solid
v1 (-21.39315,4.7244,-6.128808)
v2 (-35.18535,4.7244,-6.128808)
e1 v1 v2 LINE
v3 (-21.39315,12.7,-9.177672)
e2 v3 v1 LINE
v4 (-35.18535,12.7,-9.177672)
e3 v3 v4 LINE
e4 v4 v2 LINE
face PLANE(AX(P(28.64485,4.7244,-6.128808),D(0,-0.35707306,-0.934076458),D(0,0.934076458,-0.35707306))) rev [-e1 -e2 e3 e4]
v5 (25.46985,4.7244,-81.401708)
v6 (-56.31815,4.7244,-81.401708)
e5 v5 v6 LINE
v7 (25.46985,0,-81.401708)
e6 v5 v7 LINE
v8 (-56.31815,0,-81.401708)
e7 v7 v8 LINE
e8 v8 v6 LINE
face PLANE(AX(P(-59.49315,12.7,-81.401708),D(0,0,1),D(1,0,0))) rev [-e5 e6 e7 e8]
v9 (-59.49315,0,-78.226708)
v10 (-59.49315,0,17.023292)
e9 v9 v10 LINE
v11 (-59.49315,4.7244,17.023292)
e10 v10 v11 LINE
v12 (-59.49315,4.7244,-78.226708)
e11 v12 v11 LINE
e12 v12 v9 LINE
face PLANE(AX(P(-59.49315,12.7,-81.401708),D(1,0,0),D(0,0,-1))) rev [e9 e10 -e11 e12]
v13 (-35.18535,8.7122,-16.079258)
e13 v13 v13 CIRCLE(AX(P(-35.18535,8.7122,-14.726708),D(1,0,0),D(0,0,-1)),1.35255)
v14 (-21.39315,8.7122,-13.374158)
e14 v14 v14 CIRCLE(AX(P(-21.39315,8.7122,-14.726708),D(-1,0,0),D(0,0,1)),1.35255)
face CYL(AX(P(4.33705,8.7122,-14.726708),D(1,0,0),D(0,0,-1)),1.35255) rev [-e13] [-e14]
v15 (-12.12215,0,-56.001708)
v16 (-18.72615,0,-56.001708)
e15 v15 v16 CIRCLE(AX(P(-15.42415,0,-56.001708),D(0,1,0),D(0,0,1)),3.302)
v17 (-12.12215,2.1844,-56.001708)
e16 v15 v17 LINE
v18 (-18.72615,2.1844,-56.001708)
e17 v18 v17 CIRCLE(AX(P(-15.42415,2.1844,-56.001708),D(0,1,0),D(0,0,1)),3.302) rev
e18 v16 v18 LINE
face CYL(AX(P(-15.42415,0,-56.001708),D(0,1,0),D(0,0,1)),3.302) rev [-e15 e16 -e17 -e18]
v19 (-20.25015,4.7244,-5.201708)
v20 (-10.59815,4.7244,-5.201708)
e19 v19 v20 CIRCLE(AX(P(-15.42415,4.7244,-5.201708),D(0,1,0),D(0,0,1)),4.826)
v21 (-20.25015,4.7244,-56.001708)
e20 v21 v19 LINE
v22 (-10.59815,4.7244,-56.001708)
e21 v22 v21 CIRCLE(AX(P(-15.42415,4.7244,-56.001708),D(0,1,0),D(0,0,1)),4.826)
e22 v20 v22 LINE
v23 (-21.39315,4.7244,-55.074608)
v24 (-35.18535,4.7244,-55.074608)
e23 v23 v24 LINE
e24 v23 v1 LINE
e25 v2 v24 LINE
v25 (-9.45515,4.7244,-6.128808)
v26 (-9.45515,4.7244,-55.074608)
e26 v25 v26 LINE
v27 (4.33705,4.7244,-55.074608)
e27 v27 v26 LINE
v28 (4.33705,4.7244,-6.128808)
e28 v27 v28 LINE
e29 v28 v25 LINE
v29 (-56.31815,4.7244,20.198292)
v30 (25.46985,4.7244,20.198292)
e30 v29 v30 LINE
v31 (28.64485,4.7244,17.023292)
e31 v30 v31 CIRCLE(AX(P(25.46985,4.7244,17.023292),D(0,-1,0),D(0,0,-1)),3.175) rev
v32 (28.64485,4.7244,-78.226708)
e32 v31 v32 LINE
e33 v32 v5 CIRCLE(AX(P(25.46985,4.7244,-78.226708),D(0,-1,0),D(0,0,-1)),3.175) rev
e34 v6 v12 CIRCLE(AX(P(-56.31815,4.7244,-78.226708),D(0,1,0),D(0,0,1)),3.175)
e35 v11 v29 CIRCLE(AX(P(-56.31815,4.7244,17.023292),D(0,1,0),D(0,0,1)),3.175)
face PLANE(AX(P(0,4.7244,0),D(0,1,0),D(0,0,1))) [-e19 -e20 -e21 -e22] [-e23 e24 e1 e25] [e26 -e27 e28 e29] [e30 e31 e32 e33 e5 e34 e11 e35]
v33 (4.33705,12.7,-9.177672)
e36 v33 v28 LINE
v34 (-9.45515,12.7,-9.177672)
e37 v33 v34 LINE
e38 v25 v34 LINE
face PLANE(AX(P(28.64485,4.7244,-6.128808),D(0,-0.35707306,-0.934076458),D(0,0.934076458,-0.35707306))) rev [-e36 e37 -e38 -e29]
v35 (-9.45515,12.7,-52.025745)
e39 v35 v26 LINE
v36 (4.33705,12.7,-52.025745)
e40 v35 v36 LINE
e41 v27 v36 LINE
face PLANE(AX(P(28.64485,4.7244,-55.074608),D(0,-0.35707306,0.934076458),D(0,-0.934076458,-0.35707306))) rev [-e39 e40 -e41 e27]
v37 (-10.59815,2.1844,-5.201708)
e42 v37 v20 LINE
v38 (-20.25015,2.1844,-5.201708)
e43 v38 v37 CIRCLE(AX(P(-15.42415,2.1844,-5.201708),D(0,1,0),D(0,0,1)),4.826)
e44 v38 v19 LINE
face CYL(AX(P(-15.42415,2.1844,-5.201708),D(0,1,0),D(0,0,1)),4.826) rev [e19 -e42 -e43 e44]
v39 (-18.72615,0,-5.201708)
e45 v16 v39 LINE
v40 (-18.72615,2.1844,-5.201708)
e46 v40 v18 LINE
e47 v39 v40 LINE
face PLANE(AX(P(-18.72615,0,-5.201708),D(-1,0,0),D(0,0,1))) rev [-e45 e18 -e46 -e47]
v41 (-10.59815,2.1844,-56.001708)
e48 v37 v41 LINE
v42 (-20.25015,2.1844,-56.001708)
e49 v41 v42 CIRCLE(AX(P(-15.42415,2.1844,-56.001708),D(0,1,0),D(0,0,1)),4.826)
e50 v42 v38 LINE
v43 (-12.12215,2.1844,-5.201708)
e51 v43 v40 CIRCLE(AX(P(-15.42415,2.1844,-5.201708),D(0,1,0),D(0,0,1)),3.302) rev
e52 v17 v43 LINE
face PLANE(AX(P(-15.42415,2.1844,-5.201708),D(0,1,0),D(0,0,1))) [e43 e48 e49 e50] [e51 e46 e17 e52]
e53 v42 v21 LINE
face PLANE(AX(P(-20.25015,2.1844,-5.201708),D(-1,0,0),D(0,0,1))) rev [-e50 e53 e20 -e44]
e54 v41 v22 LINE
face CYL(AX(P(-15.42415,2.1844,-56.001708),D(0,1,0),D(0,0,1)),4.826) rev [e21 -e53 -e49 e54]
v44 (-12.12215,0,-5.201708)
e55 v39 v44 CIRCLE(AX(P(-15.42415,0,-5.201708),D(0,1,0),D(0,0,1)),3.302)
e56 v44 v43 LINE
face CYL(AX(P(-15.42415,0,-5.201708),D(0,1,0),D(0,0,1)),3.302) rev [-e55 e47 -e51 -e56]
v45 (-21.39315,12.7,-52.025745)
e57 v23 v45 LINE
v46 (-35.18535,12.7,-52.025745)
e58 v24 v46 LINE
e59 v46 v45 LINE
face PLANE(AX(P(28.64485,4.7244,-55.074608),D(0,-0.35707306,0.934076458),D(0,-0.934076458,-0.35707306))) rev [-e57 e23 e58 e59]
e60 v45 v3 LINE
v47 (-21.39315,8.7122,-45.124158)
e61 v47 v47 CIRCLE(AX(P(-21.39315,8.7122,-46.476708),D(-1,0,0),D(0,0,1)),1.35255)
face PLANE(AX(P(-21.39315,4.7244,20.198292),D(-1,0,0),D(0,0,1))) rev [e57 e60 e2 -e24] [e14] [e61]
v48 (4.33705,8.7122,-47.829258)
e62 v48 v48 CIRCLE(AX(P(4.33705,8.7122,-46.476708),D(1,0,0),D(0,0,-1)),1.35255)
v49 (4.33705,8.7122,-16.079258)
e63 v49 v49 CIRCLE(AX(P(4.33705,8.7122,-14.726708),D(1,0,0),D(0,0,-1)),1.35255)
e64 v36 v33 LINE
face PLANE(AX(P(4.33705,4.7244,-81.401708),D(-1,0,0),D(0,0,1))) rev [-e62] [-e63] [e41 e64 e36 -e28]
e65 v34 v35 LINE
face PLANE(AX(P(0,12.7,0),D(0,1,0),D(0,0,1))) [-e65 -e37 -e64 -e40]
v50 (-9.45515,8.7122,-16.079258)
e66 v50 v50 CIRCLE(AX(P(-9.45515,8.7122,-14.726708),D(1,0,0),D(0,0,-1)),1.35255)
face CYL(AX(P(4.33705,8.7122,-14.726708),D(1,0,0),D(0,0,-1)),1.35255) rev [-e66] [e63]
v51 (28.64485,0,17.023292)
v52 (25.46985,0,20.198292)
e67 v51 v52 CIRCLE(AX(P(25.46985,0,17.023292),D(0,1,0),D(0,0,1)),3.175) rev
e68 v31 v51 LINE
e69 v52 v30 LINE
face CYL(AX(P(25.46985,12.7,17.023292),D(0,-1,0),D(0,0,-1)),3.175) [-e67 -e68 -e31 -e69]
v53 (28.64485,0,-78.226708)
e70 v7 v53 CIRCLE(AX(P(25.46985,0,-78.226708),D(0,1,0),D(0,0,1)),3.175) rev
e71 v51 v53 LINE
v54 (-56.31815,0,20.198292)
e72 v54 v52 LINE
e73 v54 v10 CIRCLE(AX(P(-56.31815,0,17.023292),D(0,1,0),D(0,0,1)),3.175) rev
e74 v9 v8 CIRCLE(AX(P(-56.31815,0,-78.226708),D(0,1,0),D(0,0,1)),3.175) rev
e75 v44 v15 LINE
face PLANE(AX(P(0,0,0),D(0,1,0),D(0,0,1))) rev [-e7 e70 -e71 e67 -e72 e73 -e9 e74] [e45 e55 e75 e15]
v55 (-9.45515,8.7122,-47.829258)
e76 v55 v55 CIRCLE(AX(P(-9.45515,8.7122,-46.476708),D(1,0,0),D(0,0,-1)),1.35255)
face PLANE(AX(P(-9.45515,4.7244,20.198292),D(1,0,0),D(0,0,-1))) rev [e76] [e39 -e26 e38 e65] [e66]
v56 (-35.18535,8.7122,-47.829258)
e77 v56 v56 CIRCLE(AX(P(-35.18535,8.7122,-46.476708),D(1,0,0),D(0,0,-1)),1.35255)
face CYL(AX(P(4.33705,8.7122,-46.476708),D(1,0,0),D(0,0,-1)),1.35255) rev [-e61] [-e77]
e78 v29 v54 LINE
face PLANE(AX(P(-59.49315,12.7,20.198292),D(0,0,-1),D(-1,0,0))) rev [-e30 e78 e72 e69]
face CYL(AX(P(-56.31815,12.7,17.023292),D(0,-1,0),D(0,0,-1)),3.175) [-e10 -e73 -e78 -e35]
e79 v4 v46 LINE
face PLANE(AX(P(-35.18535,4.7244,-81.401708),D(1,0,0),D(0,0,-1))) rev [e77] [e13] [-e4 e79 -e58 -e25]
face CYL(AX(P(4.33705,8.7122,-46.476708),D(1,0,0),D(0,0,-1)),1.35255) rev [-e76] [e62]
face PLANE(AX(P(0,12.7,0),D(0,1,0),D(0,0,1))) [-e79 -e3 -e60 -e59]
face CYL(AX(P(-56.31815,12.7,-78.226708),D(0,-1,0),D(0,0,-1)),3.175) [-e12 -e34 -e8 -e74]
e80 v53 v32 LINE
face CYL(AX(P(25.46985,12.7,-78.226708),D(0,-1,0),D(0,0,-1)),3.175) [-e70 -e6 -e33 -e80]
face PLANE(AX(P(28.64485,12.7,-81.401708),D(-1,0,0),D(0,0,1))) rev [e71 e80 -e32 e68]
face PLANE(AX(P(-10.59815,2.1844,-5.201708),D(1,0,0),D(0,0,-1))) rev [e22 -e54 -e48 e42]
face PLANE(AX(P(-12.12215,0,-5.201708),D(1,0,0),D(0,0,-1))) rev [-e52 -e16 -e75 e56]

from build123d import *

# Parameters (mm, degrees)
SKETCH1_W             = 88.138
SKETCH1_H             = 101.6
BOSS_EXTRUDE1_DEPTH   = 12.7
SKETCH2_W             = 24.3078
SKETCH2_H             = 101.6
SKETCH2_W_2           = 11.938
CUT_EXTRUDE1_DEPTH    = 7.9756
CUT_EXTRUDE2_DEPTH    = 102.139918983
CUT_EXTRUDE3_DEPTH    = 2.54
F_6_32_TAPPED_HOLE1_D = 2.7051
FILLET1_R             = 3.175
CUT_EXTRUDE4_DEPTH    = 105.220067893


with BuildPart() as part:
    # Sketch1 → Boss-Extrude1 (new body)
    with BuildSketch(Plane(origin=(0, 0, 0), x_dir=(1, 0, 0), z_dir=(0, 1, 0))):
        with Locations((-15.42415, 30.601708333)):
            Rectangle(SKETCH1_W, SKETCH1_H)
    extrude(amount=BOSS_EXTRUDE1_DEPTH)

    # Sketch2 → Cut-Extrude1 (cut)
    with BuildSketch(Plane(origin=(0, 12.7, 0), x_dir=(1, 0, 0), z_dir=(0, 1, 0))):
        with Locations((-47.33925, 30.601708333)):
            Rectangle(SKETCH2_W, SKETCH2_H)
        with Locations((16.49095, 30.601708333)):
            Rectangle(SKETCH2_W, SKETCH2_H)
        with Locations((-15.42415, 30.601708333)):
            Rectangle(SKETCH2_W_2, SKETCH2_H)
    extrude(amount=-CUT_EXTRUDE1_DEPTH, mode=Mode.SUBTRACT)

    # Sketch3 → Cut-Extrude2 (cut, through all)
    with BuildSketch(Plane(origin=(0, 4.7244, 0), x_dir=(1, 0, 0), z_dir=(0, 1, 0))):
        with BuildLine():
            Line((-18.72615, 5.201708333), (-18.72615, 56.001708333))
            ThreePointArc((-18.72615, 56.001708333), (-15.42415, 59.303708333), (-12.12215, 56.001708333))
            Line((-12.12215, 56.001708333), (-12.12215, 5.201708333))
            ThreePointArc((-12.12215, 5.201708333), (-15.42415, 1.899708333), (-18.72615, 5.201708333))
        make_face()
    extrude(amount=-CUT_EXTRUDE2_DEPTH, mode=Mode.SUBTRACT)

    # Sketch4 → Cut-Extrude3 (cut)
    with BuildSketch(Plane(origin=(0, 4.7244, 0), x_dir=(1, 0, 0), z_dir=(0, 1, 0))):
        with BuildLine():
            Line((-20.25015, 5.201708333), (-20.25015, 56.001708333))
            ThreePointArc((-20.25015, 56.001708333), (-15.42415, 60.827708333), (-10.59815, 56.001708333))
            Line((-10.59815, 56.001708333), (-10.59815, 5.201708333))
            ThreePointArc((-10.59815, 5.201708333), (-15.42415, 0.375708333), (-20.25015, 5.201708333))
        make_face()
    extrude(amount=-CUT_EXTRUDE3_DEPTH, mode=Mode.SUBTRACT)

    # #6-32 Tapped Hole1 (through all)
    with Locations(Plane(origin=(4.33705, 0, 0), x_dir=(0, 0, -1), z_dir=(1, 0, 0))):
        with Locations((14.726708333, 8.7122), (46.476708333, 8.7122)):
            Hole(F_6_32_TAPPED_HOLE1_D / 2)

    # Fillet1
    fillet1_edges = [part.edges().sort_by_distance(p)[0] for p in [
        (-59.49315, 2.3622, -81.401708333),
        (-59.49315, 2.3622, 20.198291667),
        (28.64485, 2.3622, -81.401708333),
        (28.64485, 2.3622, 20.198291667),
    ]]
    fillet(fillet1_edges, radius=FILLET1_R)

    # Sketch8 → Cut-Extrude4 (cut, through all)
    with BuildSketch(Plane.ZY.offset(35.18535)):
        Polygon((-6.128808333, 4.7244), (-9.206801398, 12.7762), (20.198291667, 12.7), (20.198291667, 4.7244), align=None)
        Polygon((-55.074608333, 4.7244), (-51.996615269, 12.7762), (-81.401708333, 12.7), (-81.401708333, 4.7244), align=None)
    extrude(amount=-CUT_EXTRUDE4_DEPTH, mode=Mode.SUBTRACT)


solid = part.part
